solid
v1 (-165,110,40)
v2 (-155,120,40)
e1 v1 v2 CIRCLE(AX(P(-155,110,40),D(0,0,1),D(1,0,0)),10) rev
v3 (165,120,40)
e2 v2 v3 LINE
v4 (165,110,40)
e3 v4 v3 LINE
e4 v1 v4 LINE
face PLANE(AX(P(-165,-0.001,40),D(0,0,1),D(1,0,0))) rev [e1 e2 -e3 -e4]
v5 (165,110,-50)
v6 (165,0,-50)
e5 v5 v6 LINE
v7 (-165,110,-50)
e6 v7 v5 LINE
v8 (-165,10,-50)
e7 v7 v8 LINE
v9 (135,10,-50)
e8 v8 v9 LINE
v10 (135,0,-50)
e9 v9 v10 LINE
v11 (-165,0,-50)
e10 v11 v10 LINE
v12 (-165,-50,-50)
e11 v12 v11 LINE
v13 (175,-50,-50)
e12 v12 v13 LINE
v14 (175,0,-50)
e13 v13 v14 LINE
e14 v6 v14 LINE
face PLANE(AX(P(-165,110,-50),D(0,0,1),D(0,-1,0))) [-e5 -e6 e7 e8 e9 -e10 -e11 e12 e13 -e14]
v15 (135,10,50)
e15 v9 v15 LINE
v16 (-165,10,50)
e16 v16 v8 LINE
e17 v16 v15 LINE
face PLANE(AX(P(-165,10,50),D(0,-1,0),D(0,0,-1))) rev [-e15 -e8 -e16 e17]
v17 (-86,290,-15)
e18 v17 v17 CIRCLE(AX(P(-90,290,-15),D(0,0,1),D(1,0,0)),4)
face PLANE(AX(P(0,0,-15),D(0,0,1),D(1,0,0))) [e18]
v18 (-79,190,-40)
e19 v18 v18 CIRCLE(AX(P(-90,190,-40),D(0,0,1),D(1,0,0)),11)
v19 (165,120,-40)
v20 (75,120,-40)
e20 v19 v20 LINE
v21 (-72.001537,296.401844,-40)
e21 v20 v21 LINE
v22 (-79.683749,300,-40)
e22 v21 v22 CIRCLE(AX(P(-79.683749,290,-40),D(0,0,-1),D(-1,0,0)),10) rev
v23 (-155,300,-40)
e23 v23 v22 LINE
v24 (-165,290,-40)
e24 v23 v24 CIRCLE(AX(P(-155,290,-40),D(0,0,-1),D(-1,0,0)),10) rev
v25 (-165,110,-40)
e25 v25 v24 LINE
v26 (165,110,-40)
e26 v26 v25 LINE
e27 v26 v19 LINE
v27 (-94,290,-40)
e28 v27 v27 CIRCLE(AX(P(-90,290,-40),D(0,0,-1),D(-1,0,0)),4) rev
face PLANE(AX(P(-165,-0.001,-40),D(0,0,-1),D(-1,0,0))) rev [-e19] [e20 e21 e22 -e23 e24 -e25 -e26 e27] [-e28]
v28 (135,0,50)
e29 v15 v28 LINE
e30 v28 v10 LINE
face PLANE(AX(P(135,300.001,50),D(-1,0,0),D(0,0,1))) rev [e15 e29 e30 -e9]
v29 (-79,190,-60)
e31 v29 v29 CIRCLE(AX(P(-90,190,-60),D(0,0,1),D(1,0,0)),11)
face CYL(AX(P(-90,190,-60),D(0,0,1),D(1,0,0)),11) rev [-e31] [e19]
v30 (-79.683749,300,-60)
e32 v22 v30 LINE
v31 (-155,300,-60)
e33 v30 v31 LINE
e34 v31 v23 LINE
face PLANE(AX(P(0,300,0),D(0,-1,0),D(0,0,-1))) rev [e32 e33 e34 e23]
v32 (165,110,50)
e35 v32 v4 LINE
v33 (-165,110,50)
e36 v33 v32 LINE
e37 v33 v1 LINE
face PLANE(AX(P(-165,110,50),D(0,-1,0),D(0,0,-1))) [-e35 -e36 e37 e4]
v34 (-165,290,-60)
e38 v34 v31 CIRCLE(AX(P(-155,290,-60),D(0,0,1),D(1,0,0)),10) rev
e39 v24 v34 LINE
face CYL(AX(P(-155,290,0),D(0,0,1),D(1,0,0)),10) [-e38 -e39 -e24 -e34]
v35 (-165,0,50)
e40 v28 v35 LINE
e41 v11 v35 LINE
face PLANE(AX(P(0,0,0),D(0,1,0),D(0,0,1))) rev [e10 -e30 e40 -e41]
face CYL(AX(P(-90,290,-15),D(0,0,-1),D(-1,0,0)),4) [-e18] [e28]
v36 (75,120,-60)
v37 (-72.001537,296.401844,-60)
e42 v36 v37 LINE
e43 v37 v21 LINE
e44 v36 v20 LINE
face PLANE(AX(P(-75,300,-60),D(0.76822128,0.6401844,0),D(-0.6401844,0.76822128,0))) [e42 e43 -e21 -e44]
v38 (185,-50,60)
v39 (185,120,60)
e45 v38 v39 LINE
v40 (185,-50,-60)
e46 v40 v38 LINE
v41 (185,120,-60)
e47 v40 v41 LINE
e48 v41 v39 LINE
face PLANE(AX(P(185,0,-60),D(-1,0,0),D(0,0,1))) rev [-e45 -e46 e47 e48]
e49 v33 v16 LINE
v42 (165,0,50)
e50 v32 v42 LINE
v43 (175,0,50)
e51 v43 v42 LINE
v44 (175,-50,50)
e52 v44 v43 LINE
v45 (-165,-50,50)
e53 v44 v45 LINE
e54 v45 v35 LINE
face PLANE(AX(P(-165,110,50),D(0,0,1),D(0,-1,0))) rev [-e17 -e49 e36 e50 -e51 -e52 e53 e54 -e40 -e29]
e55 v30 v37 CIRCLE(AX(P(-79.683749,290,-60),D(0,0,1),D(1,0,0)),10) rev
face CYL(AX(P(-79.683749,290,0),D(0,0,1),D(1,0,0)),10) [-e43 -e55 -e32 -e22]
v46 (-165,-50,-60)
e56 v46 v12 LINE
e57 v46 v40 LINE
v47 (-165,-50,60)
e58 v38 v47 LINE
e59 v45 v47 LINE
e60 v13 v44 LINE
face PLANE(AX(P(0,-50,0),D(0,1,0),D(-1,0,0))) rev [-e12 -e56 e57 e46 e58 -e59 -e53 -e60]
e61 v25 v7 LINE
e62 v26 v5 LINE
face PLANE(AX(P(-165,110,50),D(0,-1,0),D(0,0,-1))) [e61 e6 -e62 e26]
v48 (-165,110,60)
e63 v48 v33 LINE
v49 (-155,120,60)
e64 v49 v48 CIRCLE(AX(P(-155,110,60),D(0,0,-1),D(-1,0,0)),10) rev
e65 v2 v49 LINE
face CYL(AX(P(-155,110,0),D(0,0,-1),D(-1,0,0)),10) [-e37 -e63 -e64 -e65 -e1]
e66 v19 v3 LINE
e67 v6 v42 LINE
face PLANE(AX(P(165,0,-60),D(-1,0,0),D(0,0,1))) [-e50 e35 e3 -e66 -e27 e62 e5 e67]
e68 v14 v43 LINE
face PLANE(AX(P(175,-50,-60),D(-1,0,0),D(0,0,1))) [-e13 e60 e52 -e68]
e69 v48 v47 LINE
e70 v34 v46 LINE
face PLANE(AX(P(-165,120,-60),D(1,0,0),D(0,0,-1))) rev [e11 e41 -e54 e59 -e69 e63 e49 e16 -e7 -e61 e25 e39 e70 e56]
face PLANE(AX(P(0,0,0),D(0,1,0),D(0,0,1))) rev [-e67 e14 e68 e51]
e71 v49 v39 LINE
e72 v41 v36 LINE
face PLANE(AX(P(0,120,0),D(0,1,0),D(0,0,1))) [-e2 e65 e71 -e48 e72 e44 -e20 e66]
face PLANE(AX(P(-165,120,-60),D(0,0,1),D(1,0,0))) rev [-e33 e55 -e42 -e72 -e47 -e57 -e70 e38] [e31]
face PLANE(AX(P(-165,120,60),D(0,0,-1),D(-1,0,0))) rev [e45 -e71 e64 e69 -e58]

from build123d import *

# Parameters (mm, degrees)
SKETCH1_W           = 330
SKETCH1_H           = 120
BOSS_EXTRUDE1_DEPTH = 120
SKETCH2_W           = 100
SKETCH2_H           = 100
CUT_EXTRUDE1_DEPTH  = 357.230262611
CUT_EXTRUDE2_REACH  = 214.662
SKETCH5_W           = 330
SKETCH5_H           = 80
SKETCH6_W           = 40
SKETCH6_H           = 20
BOSS_EXTRUDE2_DEPTH = 180
SKETCH9_R           = 4
BOSS_EXTRUDE3_DEPTH = 25
SKETCH11_W          = 20
SKETCH11_H          = 120
EXTRUDE_THIN1_DEPTH = 120
CUT_EXTRUDE3_REACH  = 359.526
SKETCH12_W          = 30
SKETCH12_H          = 100
EXTRUDE_THIN2_DEPTH = 50
BOSS_EXTRUDE5_DEPTH = 20
FILLET1_R           = 10
SKETCH9_4_R         = 11
CUT_EXTRUDE4_DEPTH  = 367.367302034
SKETCH17_W          = 50
SKETCH17_H          = 20
BOSS_EXTRUDE6_DEPTH = 180
FILLET6_R           = 10


with BuildPart() as part:
    # Sketch1 → Boss-Extrude1 (new body)
    with BuildSketch(Plane(origin=(0, 0, 0), x_dir=(1, 0, 0), z_dir=(0, 1, 0))):
        Rectangle(SKETCH1_W, SKETCH1_H)
    extrude(amount=BOSS_EXTRUDE1_DEPTH)

    # Sketch2 → Cut-Extrude1 (cut, through all)
    with BuildSketch(Plane(origin=(165, 0, 0), x_dir=(0, 0, -1), z_dir=(1, 0, 0))):
        with Locations((0, 60)):
            Rectangle(SKETCH2_W, SKETCH2_H)
    extrude(amount=-CUT_EXTRUDE1_DEPTH, mode=Mode.SUBTRACT)

    # Sketch5 → Cut-Extrude2 (cut, up to next)
    with BuildSketch(Plane(origin=(0, 120, 0), x_dir=(1, 0, 0), z_dir=(0, 1, 0)), mode=Mode.PRIVATE) as cut_extrude2_sk1:
        Rectangle(SKETCH5_W, SKETCH5_H)
    cut_extrude2_tool1 = extrude(cut_extrude2_sk1.sketch, amount=-CUT_EXTRUDE2_REACH, mode=Mode.PRIVATE) & part.part
    add(cut_extrude2_tool1.solids().sort_by_distance((0, 120, 0))[0], mode=Mode.SUBTRACT)

    # Sketch6 → Boss-Extrude2 (add)
    with BuildSketch(Plane(origin=(0, 120, 0), x_dir=(1, 0, 0), z_dir=(0, 1, 0))):
        with Locations((-95, 50)):
            Rectangle(SKETCH6_W, SKETCH6_H)
    extrude(amount=BOSS_EXTRUDE2_DEPTH)

    # Sketch9 → Boss-Extrude3 (add)
    with BuildSketch(Plane.XY.offset(-40)):
        with Locations(Location((-90, 290, 0), (0, 0, 180))):
            Circle(SKETCH9_R)
    extrude(amount=BOSS_EXTRUDE3_DEPTH)

    # Sketch11 → Extrude-Thin1 (add, through all)
    with BuildSketch(Plane(origin=(0, 120, 0), x_dir=(1, 0, 0), z_dir=(0, 1, 0))):
        with Locations((175, 0)):
            Rectangle(SKETCH11_W, SKETCH11_H)
    extrude(amount=-EXTRUDE_THIN1_DEPTH)

    # Sketch12 → Cut-Extrude3 (cut, up to next)
    with BuildSketch(Plane.XZ, mode=Mode.PRIVATE) as cut_extrude3_sk1:
        with Locations((150, 0)):
            Rectangle(SKETCH12_W, SKETCH12_H)
    cut_extrude3_tool1 = extrude(cut_extrude3_sk1.sketch, amount=-CUT_EXTRUDE3_REACH, mode=Mode.PRIVATE) & part.part
    add(cut_extrude3_tool1.solids().sort_by_distance((150, 0, 0))[0], mode=Mode.SUBTRACT)

    # Sketch14 → Extrude-Thin2 (add)
    with BuildSketch(Plane.XZ):
        Polygon((-165, -60), (185, -60), (185, 60), (-165, 60), (-165, 50), (175, 50), (175, -50), (-165, -50), align=None)
    extrude(amount=EXTRUDE_THIN2_DEPTH)

    # Sketch16 → Boss-Extrude5 (add, through all)
    with BuildSketch(Plane.XY.offset(-40)):
        Polygon((-75, 300), (75, 120), (-75, 120), align=None)
    extrude(amount=-BOSS_EXTRUDE5_DEPTH)

    # Fillet1
    fillet1_edges = [part.edges().sort_by_distance(p)[0] for p in [
        (-75, 300, -50),
    ]]
    fillet(fillet1_edges, radius=FILLET1_R)

    # Sketch9<4> → Cut-Extrude4 (cut, through all)
    with BuildSketch(Plane.XY.offset(-40)):
        with Locations((-90, 190)):
            Circle(SKETCH9_4_R)
    extrude(amount=-CUT_EXTRUDE4_DEPTH, mode=Mode.SUBTRACT)

    # Sketch17 → Boss-Extrude6 (add, through all)
    with BuildSketch(Plane(origin=(0, 120, 0), x_dir=(1, 0, 0), z_dir=(0, 1, 0))):
        with Locations((-140, 50)):
            Rectangle(SKETCH17_W, SKETCH17_H)
    extrude(amount=BOSS_EXTRUDE6_DEPTH)

    # Fillet6
    fillet6_edges = [part.edges().sort_by_distance(p)[0] for p in [
        (-165, 120, 50),
        (-165, 300, -50),
    ]]
    fillet(fillet6_edges, radius=FILLET6_R)


solid = part.part
